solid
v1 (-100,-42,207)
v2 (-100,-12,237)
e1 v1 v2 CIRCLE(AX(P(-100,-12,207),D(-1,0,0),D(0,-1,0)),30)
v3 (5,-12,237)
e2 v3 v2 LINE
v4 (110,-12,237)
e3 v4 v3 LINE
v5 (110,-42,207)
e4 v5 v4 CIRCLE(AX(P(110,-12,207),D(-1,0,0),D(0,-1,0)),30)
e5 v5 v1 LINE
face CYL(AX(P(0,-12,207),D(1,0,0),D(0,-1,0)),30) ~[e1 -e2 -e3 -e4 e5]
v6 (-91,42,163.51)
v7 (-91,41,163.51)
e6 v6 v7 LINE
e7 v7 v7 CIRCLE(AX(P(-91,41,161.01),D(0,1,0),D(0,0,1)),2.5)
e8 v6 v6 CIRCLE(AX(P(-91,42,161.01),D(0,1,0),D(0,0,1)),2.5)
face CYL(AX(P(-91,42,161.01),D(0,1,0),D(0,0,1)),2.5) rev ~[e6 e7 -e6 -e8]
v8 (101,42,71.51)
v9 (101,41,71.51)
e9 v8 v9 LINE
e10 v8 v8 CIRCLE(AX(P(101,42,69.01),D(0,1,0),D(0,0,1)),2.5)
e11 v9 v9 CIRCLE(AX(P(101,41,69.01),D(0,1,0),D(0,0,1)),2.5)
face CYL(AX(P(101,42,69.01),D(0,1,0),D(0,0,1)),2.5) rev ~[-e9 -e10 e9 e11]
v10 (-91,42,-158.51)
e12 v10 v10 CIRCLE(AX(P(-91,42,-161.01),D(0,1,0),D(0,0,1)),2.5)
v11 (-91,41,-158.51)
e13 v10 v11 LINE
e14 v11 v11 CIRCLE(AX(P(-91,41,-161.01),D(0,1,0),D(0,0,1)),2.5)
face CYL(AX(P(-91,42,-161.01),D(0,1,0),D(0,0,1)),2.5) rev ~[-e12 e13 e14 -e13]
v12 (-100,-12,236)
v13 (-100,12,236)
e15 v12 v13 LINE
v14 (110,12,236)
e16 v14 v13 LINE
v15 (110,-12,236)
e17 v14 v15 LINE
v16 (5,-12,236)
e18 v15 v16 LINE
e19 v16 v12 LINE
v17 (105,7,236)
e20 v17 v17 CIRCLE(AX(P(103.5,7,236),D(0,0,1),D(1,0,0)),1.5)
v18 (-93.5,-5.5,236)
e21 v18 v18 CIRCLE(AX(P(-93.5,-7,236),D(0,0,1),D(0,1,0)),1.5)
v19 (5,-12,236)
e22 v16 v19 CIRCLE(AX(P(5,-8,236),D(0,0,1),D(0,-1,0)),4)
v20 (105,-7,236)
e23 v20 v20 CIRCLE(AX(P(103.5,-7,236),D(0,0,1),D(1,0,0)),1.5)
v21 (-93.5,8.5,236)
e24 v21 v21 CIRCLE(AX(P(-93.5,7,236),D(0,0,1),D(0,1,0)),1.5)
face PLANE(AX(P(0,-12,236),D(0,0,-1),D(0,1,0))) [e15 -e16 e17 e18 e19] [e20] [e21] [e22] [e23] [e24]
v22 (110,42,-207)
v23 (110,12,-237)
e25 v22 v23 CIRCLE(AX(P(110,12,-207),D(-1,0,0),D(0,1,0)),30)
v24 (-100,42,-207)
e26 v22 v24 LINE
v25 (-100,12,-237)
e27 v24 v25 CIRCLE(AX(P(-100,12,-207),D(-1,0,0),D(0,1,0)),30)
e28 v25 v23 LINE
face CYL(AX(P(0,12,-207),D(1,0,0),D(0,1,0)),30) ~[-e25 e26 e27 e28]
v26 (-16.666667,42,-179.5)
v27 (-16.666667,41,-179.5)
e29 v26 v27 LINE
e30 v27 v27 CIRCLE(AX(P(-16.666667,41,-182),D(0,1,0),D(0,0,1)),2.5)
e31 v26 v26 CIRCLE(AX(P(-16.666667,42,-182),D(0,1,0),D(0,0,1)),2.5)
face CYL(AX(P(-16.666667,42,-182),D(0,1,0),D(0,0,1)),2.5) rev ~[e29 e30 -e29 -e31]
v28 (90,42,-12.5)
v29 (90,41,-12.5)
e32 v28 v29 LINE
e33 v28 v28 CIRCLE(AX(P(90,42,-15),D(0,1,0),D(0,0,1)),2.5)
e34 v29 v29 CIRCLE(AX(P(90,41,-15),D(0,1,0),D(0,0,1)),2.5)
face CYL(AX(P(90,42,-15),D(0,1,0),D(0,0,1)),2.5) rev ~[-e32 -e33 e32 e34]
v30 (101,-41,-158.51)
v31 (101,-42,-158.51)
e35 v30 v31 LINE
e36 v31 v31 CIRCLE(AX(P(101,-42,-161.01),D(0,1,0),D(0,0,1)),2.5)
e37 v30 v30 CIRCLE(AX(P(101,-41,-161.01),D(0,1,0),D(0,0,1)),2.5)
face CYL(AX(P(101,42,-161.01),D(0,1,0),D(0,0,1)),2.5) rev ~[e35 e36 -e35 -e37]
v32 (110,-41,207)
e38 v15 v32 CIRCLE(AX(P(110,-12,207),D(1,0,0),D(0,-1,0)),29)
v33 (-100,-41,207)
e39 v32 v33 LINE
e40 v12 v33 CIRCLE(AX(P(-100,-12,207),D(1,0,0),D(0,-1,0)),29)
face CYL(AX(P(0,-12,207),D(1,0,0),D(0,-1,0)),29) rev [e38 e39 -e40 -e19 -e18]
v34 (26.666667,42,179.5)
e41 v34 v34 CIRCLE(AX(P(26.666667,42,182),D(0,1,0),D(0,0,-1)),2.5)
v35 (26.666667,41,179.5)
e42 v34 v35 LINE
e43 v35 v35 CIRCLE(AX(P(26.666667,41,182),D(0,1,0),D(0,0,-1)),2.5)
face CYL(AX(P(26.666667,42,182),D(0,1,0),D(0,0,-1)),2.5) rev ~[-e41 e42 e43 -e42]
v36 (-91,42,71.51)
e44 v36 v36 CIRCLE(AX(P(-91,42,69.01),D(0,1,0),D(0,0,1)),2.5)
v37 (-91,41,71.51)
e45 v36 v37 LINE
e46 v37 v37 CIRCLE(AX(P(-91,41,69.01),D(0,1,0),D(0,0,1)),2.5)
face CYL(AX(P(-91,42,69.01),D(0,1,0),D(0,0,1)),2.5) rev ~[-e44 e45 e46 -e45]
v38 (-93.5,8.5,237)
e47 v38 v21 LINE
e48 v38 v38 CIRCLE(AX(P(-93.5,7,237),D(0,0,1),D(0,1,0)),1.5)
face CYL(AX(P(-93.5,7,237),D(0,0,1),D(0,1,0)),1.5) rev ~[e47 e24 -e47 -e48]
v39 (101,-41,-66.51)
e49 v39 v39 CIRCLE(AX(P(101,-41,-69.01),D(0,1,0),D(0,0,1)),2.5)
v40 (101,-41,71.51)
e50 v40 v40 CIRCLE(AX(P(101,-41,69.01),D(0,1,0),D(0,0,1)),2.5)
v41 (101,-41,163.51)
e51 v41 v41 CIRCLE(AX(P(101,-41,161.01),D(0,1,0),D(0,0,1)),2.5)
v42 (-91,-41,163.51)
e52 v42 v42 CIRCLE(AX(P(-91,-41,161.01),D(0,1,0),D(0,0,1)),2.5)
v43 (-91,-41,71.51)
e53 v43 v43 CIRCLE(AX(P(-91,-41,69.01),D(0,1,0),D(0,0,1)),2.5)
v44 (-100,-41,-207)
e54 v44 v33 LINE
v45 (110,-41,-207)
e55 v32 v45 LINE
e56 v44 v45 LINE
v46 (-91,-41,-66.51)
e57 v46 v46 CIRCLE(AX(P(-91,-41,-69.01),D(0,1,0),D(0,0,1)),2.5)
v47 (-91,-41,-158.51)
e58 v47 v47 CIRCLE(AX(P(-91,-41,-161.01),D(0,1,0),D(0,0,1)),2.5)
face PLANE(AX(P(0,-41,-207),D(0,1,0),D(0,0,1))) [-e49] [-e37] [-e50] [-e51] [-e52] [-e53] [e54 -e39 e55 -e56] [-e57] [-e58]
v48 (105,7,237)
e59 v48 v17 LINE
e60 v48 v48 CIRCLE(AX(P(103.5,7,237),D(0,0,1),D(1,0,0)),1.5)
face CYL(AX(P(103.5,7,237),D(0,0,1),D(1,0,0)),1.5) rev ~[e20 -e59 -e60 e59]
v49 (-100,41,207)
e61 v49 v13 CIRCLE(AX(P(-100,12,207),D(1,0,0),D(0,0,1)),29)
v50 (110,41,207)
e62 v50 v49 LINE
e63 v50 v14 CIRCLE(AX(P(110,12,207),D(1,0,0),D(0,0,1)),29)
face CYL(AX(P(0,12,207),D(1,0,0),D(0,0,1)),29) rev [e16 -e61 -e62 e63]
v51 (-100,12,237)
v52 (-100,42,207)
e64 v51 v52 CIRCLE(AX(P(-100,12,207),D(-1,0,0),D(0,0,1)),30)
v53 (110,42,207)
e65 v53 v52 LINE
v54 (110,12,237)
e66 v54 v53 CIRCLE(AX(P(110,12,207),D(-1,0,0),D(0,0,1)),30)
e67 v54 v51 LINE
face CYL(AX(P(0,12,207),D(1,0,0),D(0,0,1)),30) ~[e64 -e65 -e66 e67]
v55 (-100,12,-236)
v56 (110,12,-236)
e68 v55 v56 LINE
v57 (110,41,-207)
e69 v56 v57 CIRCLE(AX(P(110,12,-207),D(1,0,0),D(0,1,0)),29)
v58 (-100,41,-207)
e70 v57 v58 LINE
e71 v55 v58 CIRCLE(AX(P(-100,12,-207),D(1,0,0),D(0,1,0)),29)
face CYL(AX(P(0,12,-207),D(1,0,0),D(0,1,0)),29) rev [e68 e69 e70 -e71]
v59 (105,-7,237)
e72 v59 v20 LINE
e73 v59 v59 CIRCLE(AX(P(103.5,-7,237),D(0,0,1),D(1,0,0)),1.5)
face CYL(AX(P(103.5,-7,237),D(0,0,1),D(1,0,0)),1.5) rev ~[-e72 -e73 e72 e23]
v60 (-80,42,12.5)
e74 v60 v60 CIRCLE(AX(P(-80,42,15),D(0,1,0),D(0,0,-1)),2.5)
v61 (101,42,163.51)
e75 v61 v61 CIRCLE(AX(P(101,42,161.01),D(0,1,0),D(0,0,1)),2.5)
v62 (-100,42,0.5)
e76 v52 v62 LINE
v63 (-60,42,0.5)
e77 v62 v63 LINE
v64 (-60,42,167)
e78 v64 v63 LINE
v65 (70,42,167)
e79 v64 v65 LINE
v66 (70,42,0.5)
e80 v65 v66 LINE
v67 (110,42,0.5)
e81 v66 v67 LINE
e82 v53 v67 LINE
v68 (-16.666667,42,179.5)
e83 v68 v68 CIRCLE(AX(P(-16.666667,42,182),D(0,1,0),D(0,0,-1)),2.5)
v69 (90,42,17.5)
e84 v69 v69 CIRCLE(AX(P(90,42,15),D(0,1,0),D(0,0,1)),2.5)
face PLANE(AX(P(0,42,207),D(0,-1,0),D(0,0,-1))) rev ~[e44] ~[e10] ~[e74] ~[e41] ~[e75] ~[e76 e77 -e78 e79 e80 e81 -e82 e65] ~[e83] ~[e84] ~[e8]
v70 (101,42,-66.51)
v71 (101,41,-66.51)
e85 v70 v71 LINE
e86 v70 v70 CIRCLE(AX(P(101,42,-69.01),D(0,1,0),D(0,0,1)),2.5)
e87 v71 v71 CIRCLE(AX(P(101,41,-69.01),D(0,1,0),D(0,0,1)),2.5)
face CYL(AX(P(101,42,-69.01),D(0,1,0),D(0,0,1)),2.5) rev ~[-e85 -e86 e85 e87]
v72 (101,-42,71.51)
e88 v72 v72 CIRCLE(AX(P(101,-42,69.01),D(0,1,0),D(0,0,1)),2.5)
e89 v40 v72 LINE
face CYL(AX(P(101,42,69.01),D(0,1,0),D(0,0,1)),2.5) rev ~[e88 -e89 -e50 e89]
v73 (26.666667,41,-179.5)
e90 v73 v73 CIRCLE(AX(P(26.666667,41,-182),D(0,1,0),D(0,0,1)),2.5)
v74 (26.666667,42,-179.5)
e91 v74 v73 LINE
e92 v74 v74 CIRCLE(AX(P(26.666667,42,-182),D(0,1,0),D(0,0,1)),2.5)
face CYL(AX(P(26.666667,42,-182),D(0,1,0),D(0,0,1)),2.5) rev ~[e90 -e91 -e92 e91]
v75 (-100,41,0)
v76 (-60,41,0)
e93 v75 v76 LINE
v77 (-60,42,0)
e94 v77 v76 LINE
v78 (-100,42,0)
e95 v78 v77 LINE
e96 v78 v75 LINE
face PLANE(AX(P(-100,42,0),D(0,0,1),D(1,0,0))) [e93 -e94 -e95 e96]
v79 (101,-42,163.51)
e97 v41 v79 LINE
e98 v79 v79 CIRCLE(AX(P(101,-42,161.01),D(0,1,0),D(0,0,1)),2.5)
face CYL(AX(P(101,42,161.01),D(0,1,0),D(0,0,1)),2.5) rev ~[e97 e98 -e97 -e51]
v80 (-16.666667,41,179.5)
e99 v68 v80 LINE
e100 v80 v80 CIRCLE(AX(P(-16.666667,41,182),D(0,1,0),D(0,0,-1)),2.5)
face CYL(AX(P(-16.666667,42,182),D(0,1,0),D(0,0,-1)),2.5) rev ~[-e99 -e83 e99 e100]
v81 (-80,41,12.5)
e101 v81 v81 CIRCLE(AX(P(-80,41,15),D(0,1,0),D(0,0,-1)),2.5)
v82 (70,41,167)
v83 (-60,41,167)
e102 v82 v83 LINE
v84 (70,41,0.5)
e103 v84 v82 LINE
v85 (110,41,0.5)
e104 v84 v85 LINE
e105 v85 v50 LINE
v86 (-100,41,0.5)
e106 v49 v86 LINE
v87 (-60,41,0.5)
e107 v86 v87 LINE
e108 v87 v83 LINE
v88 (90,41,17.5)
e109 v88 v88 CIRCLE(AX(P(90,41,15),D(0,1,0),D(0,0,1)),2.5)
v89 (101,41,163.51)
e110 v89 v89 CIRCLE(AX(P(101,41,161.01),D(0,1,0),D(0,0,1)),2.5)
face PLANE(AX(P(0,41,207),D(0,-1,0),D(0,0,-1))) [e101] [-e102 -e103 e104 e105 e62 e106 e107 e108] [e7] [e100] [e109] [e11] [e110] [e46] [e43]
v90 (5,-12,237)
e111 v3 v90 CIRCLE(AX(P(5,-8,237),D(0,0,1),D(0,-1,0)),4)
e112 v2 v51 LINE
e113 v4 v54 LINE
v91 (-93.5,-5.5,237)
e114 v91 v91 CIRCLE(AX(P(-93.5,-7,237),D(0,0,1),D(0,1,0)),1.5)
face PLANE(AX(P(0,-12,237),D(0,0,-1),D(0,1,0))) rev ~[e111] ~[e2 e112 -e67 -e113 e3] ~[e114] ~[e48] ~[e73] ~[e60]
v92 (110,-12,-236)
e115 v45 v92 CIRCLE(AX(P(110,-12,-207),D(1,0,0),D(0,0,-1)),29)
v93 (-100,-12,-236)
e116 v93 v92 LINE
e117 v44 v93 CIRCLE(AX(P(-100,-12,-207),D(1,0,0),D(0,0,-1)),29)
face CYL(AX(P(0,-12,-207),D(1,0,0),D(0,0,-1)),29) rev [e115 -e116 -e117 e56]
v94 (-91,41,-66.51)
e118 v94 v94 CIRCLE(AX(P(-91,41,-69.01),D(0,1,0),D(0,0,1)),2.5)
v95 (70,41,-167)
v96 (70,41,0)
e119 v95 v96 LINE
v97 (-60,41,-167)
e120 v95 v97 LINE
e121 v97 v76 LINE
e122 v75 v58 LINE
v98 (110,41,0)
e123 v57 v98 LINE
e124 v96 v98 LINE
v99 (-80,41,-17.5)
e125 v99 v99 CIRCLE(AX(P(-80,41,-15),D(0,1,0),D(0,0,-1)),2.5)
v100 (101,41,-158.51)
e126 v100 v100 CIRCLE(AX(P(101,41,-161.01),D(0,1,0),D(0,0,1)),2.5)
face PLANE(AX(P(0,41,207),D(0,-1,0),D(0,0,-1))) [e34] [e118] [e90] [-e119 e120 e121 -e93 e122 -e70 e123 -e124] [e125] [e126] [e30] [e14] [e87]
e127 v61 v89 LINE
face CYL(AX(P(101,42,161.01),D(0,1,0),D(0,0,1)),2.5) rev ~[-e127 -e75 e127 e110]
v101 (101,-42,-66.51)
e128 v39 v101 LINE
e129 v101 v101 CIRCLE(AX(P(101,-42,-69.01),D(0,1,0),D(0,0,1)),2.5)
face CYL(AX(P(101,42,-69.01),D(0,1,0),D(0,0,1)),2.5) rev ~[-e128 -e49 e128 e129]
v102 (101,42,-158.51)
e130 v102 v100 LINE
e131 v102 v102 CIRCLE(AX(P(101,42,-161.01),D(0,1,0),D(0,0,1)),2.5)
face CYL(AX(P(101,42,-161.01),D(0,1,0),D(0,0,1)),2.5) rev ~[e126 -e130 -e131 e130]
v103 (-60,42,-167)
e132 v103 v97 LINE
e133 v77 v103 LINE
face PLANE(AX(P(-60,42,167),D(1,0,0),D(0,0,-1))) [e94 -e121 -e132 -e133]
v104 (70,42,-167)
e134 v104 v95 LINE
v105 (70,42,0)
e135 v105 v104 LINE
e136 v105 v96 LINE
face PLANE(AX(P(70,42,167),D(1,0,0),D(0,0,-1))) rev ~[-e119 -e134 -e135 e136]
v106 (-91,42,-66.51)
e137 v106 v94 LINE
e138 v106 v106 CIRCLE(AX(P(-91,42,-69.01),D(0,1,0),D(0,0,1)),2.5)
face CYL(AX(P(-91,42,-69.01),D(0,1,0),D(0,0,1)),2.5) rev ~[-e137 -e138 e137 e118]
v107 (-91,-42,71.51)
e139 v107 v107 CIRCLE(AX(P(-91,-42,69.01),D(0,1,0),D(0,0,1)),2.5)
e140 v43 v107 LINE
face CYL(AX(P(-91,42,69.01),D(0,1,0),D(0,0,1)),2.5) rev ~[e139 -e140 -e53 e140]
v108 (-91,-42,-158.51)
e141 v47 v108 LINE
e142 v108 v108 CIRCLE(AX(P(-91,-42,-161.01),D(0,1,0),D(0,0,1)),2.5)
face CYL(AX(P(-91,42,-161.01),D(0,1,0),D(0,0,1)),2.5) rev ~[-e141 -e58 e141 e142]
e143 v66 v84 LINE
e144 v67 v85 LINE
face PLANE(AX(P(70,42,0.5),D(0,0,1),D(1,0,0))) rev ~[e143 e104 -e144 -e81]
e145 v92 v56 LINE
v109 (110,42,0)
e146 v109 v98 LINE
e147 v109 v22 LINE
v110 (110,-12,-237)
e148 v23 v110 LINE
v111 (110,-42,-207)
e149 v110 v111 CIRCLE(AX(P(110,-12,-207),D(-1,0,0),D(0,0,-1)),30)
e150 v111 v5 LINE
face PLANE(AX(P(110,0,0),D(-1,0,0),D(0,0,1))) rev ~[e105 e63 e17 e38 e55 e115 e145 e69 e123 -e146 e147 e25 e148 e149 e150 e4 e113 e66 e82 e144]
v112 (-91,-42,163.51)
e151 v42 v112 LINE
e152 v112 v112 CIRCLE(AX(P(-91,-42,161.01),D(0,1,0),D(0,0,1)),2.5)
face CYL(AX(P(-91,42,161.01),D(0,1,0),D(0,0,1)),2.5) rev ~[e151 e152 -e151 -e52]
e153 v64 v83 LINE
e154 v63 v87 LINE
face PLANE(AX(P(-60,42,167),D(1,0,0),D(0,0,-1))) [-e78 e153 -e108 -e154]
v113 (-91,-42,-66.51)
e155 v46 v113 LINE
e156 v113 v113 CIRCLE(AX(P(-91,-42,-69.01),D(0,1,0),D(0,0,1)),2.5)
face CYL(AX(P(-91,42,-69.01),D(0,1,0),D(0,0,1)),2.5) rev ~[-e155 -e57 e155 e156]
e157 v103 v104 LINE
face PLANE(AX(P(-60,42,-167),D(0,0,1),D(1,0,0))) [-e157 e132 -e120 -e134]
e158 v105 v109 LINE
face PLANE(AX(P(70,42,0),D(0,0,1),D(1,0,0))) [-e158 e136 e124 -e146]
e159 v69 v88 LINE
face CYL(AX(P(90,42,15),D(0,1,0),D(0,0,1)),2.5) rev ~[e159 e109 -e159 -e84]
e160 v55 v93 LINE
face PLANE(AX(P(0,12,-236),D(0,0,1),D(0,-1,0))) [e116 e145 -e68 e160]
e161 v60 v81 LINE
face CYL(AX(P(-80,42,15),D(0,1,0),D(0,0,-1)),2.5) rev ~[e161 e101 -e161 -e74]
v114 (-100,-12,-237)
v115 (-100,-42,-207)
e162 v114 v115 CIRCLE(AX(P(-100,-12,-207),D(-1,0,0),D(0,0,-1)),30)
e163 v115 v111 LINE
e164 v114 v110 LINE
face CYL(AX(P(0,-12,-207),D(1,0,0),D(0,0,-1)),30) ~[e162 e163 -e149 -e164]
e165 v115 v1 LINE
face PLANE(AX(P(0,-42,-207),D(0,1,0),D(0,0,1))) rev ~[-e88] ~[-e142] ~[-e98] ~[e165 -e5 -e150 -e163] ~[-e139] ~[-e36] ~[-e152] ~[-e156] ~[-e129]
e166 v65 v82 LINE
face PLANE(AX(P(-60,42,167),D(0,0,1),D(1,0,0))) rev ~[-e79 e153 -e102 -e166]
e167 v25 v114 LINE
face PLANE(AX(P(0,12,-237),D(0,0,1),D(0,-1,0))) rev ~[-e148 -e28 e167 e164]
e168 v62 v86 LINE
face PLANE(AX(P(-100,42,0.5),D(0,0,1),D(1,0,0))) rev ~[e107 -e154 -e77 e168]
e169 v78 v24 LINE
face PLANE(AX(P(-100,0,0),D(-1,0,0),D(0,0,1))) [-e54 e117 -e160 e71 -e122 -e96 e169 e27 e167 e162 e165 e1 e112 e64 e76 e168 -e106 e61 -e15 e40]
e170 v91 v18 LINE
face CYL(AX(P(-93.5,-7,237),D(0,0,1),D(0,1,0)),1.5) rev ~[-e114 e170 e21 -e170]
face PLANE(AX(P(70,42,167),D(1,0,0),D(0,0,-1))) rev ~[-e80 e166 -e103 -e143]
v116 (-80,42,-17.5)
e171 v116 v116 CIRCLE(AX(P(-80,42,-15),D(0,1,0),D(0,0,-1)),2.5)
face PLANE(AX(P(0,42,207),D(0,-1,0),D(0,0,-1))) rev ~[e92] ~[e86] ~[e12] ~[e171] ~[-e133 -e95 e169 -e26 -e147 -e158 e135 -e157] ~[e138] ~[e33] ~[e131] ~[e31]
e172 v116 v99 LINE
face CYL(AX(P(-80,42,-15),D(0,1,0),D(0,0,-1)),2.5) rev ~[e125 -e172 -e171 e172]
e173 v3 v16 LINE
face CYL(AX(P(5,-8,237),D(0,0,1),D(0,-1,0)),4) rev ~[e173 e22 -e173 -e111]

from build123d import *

# Parameters (mm, degrees)
SALIENTE_EXTRUIR1_DEPTH = 110
VACIADO2_T              = -1
CORTAR_EXTRUIR1_START   = -10
CORTAR_EXTRUIR1_DEPTH   = 10
CROQUIS8_R              = 1.5
CORTAR_EXTRUIR4_DEPTH   = 5
CROQUIS9_R              = 4
CORTAR_EXTRUIR5_DEPTH   = 5
CROQUIS10_R             = 2.5
CORTAR_EXTRUIR6_DEPTH   = 275.454003432
CROQUIS11_W             = 130
CROQUIS11_H             = 334
CORTAR_EXTRUIR7_DEPTH   = 8
CROQUIS12_R             = 2.5
CORTAR_EXTRUIR8_DEPTH   = 8
CROQUIS13_W             = 40
CROQUIS13_H             = 0.5
CORTAR_EXTRUIR9_DEPTH   = 1
CROQUIS14_R             = 2.5
CORTAR_EXTRUIR10_DEPTH  = 1


with BuildPart() as part:
    # Croquis1 → Saliente-Extruir1 (new, symmetric)
    with BuildSketch(Plane(origin=(0, 0, 0), x_dir=(0, 0, -1), z_dir=(1, 0, 0))):
        with BuildLine():
            Line((207, -42), (-207, -42))
            ThreePointArc((-207, -42), (-228.213203436, -33.213203436), (-237, -12))
            Line((-237, -12), (-237, 12))
            ThreePointArc((-237, 12), (-228.213203436, 33.213203436), (-207, 42))
            Line((-207, 42), (207, 42))
            ThreePointArc((207, 42), (228.213203436, 33.213203436), (237, 12))
            Line((237, 12), (237, -12))
            ThreePointArc((237, -12), (228.213203436, -33.213203436), (207, -42))
        make_face()
    extrude(amount=SALIENTE_EXTRUIR1_DEPTH, both=True)

    # Vaciado2
    vaciado2_openings = [part.faces().sort_by_distance(p)[0] for p in [
        (110, 0, 0),
    ]]
    offset(amount=VACIADO2_T, openings=vaciado2_openings, kind=Kind.INTERSECTION)

    # Croquis6 → Cortar-Extruir1 (cut)
    with BuildSketch(Plane.ZY.offset(110).offset(CORTAR_EXTRUIR1_START)):
        with BuildLine():
            Line((207, 42), (-207, 42))
            ThreePointArc((-207, 42), (-228.213203436, 33.213203436), (-237, 12))
            Line((-237, 12), (-237, -12))
            ThreePointArc((-237, -12), (-228.213203436, -33.213203436), (-207, -42))
            Line((-207, -42), (207, -42))
            ThreePointArc((207, -42), (228.213203436, -33.213203436), (237, -12))
            Line((237, -12), (237, 12))
            ThreePointArc((237, 12), (228.213203436, 33.213203436), (207, 42))
        make_face()
    extrude(amount=CORTAR_EXTRUIR1_DEPTH, mode=Mode.SUBTRACT)

    # Croquis8 → Cortar-Extruir4 (cut)
    with BuildSketch(Plane.XY.offset(237)):
        with Locations((103.5, 7)):
            Circle(CROQUIS8_R)
        with Locations((103.5, -7)):
            Circle(CROQUIS8_R)
        with Locations(Location((-93.5, -7, 0), (0, 0, 90))):
            Circle(CROQUIS8_R)
        with Locations(Location((-93.5, 7, 0), (0, 0, 90))):
            Circle(CROQUIS8_R)
    extrude(amount=-CORTAR_EXTRUIR4_DEPTH, mode=Mode.SUBTRACT)

    # Croquis9 → Cortar-Extruir5 (cut)
    with BuildSketch(Plane.XY.offset(237)):
        with Locations(Location((5, -8, 0), (0, 0, 270))):
            Circle(CROQUIS9_R)
    extrude(amount=-CORTAR_EXTRUIR5_DEPTH, mode=Mode.SUBTRACT)

    # Croquis10 → Cortar-Extruir6 (cut, through all)
    with BuildSketch(Plane(origin=(0, 42, 0), x_dir=(1, 0, 0), z_dir=(0, 1, 0))):
        with Locations(Location((101, 161.01, 0), (0, 0, 270))):
            Circle(CROQUIS10_R)
        with Locations(Location((101, 69.01, 0), (0, 0, 270))):
            Circle(CROQUIS10_R)
        with Locations(Location((-91, 69.01, 0), (0, 0, 270))):
            Circle(CROQUIS10_R)
        with Locations(Location((-91, 161.01, 0), (0, 0, 270))):
            Circle(CROQUIS10_R)
        with Locations(Location((101, -69.01, 0), (0, 0, 270))):
            Circle(CROQUIS10_R)
        with Locations(Location((101, -161.01, 0), (0, 0, 270))):
            Circle(CROQUIS10_R)
        with Locations(Location((-91, -161.01, 0), (0, 0, 270))):
            Circle(CROQUIS10_R)
        with Locations(Location((-91, -69.01, 0), (0, 0, 270))):
            Circle(CROQUIS10_R)
    extrude(amount=-CORTAR_EXTRUIR6_DEPTH, mode=Mode.SUBTRACT)

    # Croquis11 → Cortar-Extruir7 (cut)
    with BuildSketch(Plane(origin=(0, 42, 0), x_dir=(1, 0, 0), z_dir=(0, 1, 0))):
        with Locations((5, 0)):
            Rectangle(CROQUIS11_W, CROQUIS11_H)
    extrude(amount=-CORTAR_EXTRUIR7_DEPTH, mode=Mode.SUBTRACT)

    # Croquis12 → Cortar-Extruir8 (cut)
    with BuildSketch(Plane(origin=(0, 42, 0), x_dir=(1, 0, 0), z_dir=(0, 1, 0))):
        with Locations(Location((-16.666666667, 182, 0), (0, 0, 270))):
            Circle(CROQUIS12_R)
        with Locations(Location((26.666666667, 182, 0), (0, 0, 270))):
            Circle(CROQUIS12_R)
        with Locations(Location((26.666666667, -182, 0), (0, 0, 90))):
            Circle(CROQUIS12_R)
        with Locations(Location((-16.666666667, -182, 0), (0, 0, 90))):
            Circle(CROQUIS12_R)
    extrude(amount=-CORTAR_EXTRUIR8_DEPTH, mode=Mode.SUBTRACT)

    # Croquis13 → Cortar-Extruir9 (cut)
    with BuildSketch(Plane(origin=(0, 42, 0), x_dir=(1, 0, 0), z_dir=(0, 1, 0))):
        with Locations((-80, -0.25)):
            Rectangle(CROQUIS13_W, CROQUIS13_H)
        with Locations((90, -0.25)):
            Rectangle(CROQUIS13_W, CROQUIS13_H)
    extrude(amount=-CORTAR_EXTRUIR9_DEPTH, mode=Mode.SUBTRACT)

    # Croquis14 → Cortar-Extruir10 (cut)
    with BuildSketch(Plane(origin=(0, 42, 0), x_dir=(1, 0, 0), z_dir=(0, 1, 0))):
        with Locations(Location((90, 15, 0), (0, 0, 270))):
            Circle(CROQUIS14_R)
        with Locations(Location((90, -15, 0), (0, 0, 270))):
            Circle(CROQUIS14_R)
        with Locations(Location((-80, -15, 0), (0, 0, 90))):
            Circle(CROQUIS14_R)
        with Locations(Location((-80, 15, 0), (0, 0, 90))):
            Circle(CROQUIS14_R)
    extrude(amount=-CORTAR_EXTRUIR10_DEPTH, mode=Mode.SUBTRACT)


solid = part.part
